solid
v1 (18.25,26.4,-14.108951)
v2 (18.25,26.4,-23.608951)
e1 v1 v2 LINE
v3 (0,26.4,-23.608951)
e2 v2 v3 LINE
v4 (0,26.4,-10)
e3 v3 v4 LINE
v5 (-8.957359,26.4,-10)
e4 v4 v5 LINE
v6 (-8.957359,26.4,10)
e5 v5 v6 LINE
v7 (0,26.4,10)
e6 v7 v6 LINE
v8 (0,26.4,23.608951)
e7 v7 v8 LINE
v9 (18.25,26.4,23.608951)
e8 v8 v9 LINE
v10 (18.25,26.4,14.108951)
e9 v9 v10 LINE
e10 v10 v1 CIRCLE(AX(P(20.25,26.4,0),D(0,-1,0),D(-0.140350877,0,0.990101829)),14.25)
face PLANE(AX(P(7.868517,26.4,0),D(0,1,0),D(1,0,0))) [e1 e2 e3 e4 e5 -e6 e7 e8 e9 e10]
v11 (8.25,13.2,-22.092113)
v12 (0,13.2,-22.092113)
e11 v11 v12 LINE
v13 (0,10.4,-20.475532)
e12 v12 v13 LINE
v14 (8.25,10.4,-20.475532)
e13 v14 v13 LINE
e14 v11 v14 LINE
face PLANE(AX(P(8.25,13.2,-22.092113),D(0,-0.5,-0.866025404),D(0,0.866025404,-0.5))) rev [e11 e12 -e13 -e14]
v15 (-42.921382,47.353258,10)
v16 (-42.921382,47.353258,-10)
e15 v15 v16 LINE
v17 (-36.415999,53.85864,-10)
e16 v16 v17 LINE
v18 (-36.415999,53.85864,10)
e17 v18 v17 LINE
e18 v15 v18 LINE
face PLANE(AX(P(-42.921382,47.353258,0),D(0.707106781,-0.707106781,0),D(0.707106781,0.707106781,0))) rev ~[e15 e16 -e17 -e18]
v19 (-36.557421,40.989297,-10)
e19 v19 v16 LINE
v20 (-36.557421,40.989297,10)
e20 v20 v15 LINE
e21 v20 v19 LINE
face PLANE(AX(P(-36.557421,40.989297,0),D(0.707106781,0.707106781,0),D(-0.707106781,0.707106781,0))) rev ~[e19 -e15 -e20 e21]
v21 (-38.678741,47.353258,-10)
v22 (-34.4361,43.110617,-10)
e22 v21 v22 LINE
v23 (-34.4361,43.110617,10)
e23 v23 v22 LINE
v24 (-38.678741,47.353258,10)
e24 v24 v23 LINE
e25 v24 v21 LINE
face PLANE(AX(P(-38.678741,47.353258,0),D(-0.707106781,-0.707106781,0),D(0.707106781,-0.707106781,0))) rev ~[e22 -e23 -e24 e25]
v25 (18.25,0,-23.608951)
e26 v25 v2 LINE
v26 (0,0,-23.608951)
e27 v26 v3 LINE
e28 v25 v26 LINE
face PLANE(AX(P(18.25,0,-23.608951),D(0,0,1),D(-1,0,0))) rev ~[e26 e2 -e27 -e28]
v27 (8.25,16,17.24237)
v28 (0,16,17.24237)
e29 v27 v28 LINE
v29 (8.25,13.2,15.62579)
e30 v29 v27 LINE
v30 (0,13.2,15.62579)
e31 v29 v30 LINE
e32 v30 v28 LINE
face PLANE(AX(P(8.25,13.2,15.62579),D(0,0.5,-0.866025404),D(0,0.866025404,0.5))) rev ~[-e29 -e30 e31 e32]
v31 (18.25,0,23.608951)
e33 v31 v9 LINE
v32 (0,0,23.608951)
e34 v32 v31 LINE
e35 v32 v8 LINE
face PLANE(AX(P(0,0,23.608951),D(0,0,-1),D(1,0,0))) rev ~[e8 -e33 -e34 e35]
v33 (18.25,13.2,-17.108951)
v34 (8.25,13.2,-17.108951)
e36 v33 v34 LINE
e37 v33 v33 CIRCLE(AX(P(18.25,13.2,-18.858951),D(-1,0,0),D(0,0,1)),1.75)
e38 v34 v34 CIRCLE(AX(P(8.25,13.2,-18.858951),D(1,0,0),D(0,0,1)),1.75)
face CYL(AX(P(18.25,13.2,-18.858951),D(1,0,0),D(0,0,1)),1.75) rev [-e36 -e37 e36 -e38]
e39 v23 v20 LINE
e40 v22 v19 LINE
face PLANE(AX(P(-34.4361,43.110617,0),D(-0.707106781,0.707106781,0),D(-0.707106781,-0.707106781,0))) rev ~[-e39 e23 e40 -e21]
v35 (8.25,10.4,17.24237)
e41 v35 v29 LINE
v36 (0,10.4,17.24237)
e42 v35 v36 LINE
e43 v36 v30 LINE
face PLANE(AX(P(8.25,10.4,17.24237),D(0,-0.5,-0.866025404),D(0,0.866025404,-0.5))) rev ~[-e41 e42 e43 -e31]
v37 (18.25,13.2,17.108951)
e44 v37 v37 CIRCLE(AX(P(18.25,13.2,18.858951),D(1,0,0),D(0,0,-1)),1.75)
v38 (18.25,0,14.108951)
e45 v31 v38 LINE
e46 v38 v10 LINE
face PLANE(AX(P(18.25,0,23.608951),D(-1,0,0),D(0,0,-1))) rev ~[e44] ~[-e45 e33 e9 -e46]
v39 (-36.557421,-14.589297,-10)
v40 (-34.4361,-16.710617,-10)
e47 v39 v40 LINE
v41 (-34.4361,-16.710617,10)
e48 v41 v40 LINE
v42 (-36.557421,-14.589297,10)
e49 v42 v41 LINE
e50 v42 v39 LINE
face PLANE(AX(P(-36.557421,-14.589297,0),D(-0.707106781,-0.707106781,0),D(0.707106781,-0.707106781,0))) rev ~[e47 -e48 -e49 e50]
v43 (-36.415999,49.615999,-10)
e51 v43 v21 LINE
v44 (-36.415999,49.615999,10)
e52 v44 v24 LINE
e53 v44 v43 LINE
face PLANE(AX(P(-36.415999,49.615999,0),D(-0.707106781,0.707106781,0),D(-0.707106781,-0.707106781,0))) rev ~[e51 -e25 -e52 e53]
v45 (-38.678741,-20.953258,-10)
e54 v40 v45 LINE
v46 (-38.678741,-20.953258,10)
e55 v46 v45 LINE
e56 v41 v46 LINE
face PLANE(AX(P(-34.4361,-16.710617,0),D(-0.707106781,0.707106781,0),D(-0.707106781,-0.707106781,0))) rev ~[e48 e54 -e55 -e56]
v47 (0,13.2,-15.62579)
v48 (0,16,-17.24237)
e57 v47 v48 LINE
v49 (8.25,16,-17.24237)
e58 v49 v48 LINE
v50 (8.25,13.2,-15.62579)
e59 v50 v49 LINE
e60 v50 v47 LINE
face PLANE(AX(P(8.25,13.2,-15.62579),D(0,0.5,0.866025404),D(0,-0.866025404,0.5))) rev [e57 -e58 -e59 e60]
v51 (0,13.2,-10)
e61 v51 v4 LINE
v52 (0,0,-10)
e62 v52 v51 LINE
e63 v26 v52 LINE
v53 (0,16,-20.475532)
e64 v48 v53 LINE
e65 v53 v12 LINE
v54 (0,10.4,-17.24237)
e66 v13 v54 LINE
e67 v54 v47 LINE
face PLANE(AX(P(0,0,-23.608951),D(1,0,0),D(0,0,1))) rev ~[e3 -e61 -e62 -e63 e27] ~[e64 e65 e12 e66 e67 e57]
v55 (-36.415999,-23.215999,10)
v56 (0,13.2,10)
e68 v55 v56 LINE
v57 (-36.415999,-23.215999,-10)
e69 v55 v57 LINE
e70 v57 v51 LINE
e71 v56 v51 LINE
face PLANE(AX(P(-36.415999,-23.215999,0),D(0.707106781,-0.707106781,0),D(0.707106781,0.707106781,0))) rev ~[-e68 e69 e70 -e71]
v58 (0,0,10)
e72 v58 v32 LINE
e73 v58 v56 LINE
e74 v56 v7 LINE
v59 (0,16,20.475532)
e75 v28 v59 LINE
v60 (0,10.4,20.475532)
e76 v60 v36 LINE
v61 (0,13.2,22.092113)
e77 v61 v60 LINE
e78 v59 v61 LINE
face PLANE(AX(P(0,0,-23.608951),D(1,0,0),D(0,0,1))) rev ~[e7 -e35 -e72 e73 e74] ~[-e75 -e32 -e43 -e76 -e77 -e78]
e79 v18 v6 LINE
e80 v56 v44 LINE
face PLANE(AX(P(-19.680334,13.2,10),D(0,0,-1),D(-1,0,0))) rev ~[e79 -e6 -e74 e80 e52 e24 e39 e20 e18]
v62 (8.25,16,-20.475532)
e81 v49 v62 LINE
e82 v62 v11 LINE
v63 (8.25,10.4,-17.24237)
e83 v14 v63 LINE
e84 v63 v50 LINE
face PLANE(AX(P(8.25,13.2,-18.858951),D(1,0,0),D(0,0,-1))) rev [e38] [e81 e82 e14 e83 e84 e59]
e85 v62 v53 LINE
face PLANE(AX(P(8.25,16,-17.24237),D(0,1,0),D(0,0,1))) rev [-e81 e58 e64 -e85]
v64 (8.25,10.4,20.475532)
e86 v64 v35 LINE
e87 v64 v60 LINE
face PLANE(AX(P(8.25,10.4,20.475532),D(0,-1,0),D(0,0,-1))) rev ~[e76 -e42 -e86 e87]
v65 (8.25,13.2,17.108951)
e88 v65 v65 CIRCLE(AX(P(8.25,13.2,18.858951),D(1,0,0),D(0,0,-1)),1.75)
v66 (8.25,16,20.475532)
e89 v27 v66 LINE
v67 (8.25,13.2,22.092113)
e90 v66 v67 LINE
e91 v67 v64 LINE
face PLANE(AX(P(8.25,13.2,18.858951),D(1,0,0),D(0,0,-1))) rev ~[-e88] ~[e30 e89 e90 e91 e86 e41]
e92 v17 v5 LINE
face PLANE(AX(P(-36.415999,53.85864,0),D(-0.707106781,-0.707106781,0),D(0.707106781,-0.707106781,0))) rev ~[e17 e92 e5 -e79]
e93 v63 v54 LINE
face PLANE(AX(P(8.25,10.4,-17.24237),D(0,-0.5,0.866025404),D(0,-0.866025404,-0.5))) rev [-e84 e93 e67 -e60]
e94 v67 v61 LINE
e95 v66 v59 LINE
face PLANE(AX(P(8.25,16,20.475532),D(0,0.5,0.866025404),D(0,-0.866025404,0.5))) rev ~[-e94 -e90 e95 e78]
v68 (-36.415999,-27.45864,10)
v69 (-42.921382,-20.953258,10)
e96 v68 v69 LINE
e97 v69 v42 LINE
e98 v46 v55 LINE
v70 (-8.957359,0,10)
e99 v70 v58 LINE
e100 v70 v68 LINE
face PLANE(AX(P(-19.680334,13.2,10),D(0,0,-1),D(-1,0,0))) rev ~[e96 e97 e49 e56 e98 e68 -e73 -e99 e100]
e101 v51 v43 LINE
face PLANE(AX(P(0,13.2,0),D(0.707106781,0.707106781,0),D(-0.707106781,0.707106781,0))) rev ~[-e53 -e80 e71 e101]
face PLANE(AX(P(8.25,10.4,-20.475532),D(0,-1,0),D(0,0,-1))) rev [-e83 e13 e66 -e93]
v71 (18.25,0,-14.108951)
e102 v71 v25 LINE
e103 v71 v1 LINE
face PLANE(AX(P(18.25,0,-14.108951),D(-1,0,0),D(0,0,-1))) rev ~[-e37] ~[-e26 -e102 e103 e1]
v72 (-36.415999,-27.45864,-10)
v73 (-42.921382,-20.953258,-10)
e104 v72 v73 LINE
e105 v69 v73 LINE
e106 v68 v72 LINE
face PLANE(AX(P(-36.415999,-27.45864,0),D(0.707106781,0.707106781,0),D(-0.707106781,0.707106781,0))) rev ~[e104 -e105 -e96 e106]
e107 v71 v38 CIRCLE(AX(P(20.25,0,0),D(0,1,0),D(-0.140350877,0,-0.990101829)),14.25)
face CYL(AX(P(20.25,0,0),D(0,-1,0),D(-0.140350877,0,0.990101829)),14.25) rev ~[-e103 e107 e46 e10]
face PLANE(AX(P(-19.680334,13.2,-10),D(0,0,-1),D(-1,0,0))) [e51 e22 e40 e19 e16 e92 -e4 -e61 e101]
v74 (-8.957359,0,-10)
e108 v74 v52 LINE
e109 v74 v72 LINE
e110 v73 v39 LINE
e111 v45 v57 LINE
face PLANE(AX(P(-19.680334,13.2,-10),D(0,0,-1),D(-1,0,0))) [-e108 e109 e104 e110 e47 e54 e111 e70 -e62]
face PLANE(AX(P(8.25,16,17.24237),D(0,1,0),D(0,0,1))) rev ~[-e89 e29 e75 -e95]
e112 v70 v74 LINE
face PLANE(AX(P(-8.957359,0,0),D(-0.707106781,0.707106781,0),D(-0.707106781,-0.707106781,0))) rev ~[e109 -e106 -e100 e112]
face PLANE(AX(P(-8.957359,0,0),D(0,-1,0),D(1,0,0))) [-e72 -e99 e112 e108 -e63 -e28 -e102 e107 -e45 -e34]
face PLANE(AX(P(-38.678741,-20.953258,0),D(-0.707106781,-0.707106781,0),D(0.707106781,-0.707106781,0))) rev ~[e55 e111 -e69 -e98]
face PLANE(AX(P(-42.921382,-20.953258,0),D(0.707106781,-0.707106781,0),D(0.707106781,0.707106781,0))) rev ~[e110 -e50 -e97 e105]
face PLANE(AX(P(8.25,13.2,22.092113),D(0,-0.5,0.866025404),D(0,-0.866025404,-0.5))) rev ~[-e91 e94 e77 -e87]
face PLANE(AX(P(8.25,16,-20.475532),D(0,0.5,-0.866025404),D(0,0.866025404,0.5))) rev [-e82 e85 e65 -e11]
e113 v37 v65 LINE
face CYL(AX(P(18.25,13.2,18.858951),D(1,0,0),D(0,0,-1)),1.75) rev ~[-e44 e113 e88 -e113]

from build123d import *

# Parameters (mm, degrees)
BOSS_EXTRUDE1_DEPTH = 26.4
SKETCH2_R           = 1.75
CUT_EXTRUDE1_DEPTH  = 40.842252323
CUT_EXTRUDE3_START  = -10
CUT_EXTRUDE3_DEPTH  = 30.842252323
BOSS_EXTRUDE2_DEPTH = 10


with BuildPart() as part:
    # Sketch1 → Boss-Extrude1 (new body)
    with BuildSketch(Plane(origin=(0, 0, 0), x_dir=(1, 0, 0), z_dir=(0, 1, 0))):
        with BuildLine():
            Line((0, 23.60895106), (0, -23.60895106))
            Line((0, -23.60895106), (18.25, -23.60895106))
            Line((18.25, -23.60895106), (18.25, -14.10895106))
            ThreePointArc((18.25, -14.10895106), (6, 0), (18.25, 14.10895106))
            Line((18.25, 14.10895106), (18.25, 23.60895106))
            Line((18.25, 23.60895106), (0, 23.60895106))
        make_face()
    extrude(amount=BOSS_EXTRUDE1_DEPTH)

    # Sketch2 → Cut-Extrude1 (cut, through all)
    with BuildSketch(Plane(origin=(18.25, 0, 0), x_dir=(0, 0, -1), z_dir=(1, 0, 0))):
        with Locations((-18.85895106, 13.2)):
            Circle(SKETCH2_R)
    cut_extrude1 = extrude(amount=-CUT_EXTRUDE1_DEPTH, mode=Mode.SUBTRACT)

    # Sketch5 → Cut-Extrude3 (cut, through all)
    with BuildSketch(Plane(origin=(18.25, 0, 0), x_dir=(0, 0, -1), z_dir=(1, 0, 0)).offset(CUT_EXTRUDE3_START)):
        Polygon((-17.242370306, 16), (-20.475531813, 16), (-22.092112567, 13.2), (-20.475531813, 10.4), (-17.242370306, 10.4), (-15.625789552, 13.2), align=None)
    cut_extrude3 = extrude(amount=-CUT_EXTRUDE3_DEPTH, mode=Mode.SUBTRACT)

    # Mirror1: Cut-Extrude1, Cut-Extrude3 across plane
    add(cut_extrude1.mirror(Plane.XY), mode=Mode.SUBTRACT)
    add(cut_extrude3.mirror(Plane.XY), mode=Mode.SUBTRACT)

    # Sketch7 → Boss-Extrude2 (add, symmetric)
    with BuildSketch(Plane.XY):
        Polygon((0, 0), (-8.957359313, 0), (-36.415999231, -27.458639918), (-42.921381618, -20.953257531), (-36.557420587, -14.589296501), (-34.436100244, -16.710616844), (-38.678740931, -20.953257531), (-36.415999231, -23.215999231), (0, 13.2), (-36.415999231, 49.615999231), (-38.678740931, 47.353257531), (-34.436100244, 43.110616844), (-36.557420587, 40.989296501), (-42.921381618, 47.353257531), (-36.415999231, 53.858639918), (-8.957359313, 26.4), (0, 26.4), (6, 26.4), (6, 0), align=None)
    extrude(amount=BOSS_EXTRUDE2_DEPTH, both=True)


solid = part.part
